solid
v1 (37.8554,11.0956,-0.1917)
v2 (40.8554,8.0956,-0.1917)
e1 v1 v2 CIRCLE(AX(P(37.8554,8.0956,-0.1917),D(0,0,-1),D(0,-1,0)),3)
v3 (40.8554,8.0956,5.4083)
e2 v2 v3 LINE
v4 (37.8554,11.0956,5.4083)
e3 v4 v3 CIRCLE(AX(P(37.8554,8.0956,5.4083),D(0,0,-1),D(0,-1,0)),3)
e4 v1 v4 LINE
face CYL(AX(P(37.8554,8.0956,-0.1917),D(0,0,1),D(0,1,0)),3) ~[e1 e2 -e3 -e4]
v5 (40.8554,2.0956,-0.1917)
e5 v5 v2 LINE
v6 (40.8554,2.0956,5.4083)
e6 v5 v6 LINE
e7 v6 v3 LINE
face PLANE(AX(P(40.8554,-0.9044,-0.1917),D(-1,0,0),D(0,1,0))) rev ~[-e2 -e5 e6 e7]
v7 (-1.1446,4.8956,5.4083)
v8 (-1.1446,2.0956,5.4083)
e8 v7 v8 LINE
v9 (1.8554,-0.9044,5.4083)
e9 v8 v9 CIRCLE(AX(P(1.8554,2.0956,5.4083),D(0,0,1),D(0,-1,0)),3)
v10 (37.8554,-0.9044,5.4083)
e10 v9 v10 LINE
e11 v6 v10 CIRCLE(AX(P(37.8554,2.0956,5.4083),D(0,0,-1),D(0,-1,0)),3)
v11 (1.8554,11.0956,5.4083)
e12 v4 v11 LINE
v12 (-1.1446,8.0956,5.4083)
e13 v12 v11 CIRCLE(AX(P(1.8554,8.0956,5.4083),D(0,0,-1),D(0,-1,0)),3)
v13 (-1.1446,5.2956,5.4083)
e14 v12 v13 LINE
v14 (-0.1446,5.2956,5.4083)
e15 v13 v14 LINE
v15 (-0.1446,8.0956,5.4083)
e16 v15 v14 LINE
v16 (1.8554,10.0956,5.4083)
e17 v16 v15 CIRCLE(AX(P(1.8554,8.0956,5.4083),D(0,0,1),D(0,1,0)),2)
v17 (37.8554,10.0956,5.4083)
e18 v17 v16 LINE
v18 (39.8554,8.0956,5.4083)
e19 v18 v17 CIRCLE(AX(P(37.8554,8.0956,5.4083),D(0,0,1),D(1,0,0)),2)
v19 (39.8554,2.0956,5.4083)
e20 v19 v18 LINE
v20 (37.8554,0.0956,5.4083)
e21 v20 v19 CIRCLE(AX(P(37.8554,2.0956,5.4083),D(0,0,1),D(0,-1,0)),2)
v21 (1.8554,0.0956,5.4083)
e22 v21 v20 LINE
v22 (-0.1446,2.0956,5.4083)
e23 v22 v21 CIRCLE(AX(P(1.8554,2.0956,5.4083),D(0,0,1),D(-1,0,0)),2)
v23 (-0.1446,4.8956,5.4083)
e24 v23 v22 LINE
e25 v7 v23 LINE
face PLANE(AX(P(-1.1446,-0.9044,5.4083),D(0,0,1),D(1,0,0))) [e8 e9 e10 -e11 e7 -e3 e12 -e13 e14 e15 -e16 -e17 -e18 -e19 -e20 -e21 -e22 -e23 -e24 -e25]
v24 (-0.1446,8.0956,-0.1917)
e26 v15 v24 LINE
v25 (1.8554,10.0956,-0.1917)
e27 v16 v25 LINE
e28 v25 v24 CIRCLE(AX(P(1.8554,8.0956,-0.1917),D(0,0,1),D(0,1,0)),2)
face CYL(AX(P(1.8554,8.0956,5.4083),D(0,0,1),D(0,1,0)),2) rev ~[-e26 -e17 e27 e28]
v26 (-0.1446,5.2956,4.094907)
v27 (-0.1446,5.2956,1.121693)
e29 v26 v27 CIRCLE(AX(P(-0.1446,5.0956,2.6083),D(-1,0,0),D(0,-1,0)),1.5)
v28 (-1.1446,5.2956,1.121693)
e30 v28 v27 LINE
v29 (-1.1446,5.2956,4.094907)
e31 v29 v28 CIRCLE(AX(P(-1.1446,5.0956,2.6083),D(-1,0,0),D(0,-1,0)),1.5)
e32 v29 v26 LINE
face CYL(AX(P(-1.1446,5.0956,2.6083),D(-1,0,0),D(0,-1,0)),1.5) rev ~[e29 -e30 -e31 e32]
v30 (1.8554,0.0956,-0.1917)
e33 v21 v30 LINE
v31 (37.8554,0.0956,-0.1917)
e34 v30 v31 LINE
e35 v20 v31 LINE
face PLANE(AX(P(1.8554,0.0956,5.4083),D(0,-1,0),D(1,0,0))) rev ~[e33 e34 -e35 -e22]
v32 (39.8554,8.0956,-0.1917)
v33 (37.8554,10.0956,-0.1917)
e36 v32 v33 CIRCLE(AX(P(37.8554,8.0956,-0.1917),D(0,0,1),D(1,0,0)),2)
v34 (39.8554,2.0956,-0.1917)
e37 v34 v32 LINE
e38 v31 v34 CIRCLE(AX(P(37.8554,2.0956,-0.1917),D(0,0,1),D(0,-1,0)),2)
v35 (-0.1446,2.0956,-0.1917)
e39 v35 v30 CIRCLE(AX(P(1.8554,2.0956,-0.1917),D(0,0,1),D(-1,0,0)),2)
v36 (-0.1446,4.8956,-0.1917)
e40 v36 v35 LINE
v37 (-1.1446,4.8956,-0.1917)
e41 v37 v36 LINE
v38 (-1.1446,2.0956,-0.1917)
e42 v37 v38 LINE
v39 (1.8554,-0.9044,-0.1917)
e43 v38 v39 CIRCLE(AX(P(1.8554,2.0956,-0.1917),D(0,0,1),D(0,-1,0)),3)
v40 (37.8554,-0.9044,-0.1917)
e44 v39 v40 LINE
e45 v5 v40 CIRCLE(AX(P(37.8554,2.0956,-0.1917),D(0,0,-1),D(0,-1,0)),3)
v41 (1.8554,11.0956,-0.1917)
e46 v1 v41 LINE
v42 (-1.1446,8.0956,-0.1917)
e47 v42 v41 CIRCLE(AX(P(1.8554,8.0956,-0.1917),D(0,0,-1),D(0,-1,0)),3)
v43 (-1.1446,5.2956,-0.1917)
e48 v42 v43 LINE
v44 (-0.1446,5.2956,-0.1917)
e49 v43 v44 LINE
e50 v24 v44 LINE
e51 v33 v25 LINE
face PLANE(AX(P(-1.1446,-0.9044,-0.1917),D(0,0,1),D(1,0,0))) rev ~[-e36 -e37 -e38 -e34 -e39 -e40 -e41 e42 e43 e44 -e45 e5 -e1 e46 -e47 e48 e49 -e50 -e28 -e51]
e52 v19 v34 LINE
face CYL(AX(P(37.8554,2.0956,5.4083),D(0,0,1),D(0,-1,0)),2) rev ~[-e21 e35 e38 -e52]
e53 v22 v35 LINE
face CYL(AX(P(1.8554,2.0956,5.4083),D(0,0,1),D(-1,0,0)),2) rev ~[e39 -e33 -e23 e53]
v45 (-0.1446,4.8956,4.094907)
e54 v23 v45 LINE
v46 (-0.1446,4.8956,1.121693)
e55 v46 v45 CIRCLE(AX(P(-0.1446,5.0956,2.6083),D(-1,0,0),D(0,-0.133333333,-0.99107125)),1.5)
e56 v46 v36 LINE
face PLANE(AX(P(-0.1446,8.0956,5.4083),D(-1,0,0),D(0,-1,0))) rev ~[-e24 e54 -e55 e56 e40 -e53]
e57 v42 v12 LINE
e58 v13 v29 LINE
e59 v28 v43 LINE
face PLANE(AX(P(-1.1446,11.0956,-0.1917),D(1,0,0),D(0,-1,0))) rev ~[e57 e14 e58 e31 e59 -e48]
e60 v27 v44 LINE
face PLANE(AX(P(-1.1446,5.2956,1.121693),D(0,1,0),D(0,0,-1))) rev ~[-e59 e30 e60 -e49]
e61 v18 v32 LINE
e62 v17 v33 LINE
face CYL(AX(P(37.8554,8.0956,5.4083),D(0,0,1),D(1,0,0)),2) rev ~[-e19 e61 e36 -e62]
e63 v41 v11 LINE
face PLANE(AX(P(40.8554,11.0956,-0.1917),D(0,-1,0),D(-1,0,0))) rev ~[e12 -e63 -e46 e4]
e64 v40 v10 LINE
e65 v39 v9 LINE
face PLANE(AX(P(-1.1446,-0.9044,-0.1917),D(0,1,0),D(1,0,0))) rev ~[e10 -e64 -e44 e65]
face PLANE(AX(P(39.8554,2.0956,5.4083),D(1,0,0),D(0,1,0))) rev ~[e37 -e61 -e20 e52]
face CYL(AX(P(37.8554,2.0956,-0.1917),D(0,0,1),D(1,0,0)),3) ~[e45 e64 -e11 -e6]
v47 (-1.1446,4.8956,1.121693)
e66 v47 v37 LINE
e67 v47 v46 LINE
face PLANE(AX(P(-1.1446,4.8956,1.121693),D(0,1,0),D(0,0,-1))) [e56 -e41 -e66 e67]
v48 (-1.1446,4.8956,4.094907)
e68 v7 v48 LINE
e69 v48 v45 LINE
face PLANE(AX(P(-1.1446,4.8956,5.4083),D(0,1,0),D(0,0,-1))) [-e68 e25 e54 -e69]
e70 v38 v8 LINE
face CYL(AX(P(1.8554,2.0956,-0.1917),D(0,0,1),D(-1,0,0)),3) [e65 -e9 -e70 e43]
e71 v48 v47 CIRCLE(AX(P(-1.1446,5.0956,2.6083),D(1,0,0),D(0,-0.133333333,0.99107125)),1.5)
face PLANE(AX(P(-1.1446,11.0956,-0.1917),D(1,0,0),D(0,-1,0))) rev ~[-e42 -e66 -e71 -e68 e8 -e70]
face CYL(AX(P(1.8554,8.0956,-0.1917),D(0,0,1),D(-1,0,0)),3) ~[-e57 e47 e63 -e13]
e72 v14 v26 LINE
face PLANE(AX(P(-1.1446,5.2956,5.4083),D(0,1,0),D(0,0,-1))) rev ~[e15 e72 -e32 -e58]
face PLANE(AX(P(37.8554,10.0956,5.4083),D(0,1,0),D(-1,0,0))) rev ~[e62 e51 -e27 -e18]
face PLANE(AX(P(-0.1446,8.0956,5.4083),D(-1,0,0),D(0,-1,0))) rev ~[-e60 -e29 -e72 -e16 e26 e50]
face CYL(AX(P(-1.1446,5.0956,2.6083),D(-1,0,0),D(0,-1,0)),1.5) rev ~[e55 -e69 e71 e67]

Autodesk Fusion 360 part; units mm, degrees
sketch "Base" plane through (0, 0, 0) normal (0, 0, 1) x (1, 0, 0) in component " Thermistor Silicon Mold"
  line L0 (0, 0) -> (42, 0)
  line L1 (42, 0) -> (42, 12)
  line L2 (42, 12) -> (0, 12)
  line L3 (0, 12) -> (0, 0)
  dimension "d1" = 42
  dimension "d2" = 12
extrude "Extrude1" add sketch "Base" along normal blind 5.6 in component " Thermistor Silicon Mold"
fillet "Fillet1" radius 3 4 edges at (0, 0, 2.8) (42, 0, 2.8) (42, 12, 2.8) (0, 12, 2.8) in component " Thermistor Silicon Mold"
sketch "Hollow" plane through (0, 0, 5.6) normal (0, 0, 1) x (-1, 0, 0) in component " Thermistor Silicon Mold"
  arc A0 (-3, -12) -> (0, -9) centre (-3, -9) ccw
  line L0 (0, -9) -> (0, -3)
  arc A1 (0, -3) -> (-3, 0) centre (-3, -3) ccw
  line L1 (-3, 0) -> (-39, 0)
  arc A2 (-39, 0) -> (-42, -3) centre (-39, -3) ccw
  line L2 (-42, -3) -> (-42, -9)
  arc A3 (-42, -9) -> (-39, -12) centre (-39, -9) ccw
  line L3 (-39, -12) -> (-3, -12)
  line L4 (-1, -9) -> (-1, -3)
  arc A4 (-1, -3) -> (-3, -1) centre (-3, -3) ccw
  line L5 (-3, -1) -> (-39, -1)
  arc A5 (-39, -1) -> (-41, -3) centre (-39, -3) ccw
  line L6 (-41, -3) -> (-41, -9)
  arc A6 (-41, -9) -> (-39, -11) centre (-39, -9) ccw
  line L7 (-39, -11) -> (-3, -11)
  arc A7 (-3, -11) -> (-1, -9) centre (-3, -9) ccw
  dimension "d7" = -1
extrude "Extrude2" cut sketch "Hollow" against normal up to surface (5.6 mm away) contours L4 A4 L5 A5 L6 A6 L7 A7 in component " Thermistor Silicon Mold"
sketch "Hole" plane through (0, 0, 0) normal (-1, 0, 0) x (0, -1, 0) in component " Thermistor Silicon Mold"
  line L0 (-9, 5.6) -> (-9, 0)
  line L1 (-9, 0) -> (-3, 0)
  line L2 (-3, 0) -> (-3, 5.6)
  line L3 (-3, 5.6) -> (-9, 5.6)
  line L4 (-6, 5.6) -> (-6, 0) construction
  line L5 (-9, 2.8) -> (-3, 2.8) construction
  circle A0 centre (-6, 2.8) radius 1.5
  dimension "d10" = 3
extrude "Extrude3" cut sketch "Hole" against normal up to surface (1 mm away) contours A0 in component " Thermistor Silicon Mold"
sketch "Cut Through" plane through (0, 0, 0) normal (-1, 0, 0) x (0, -1, 0) in component " Thermistor Silicon Mold"
  circle A0 centre (-6, 2.8) radius 1.5
  line L0 (-9, 5.6) -> (-9, 0)
  line L1 (-9, 0) -> (-3, 0)
  line L2 (-3, 0) -> (-3, 5.6)
  line L3 (-3, 5.6) -> (-9, 5.6)
  line L4 (-6, 5.6) -> (-6, 0) construction
  line L5 (-6, 5.6) -> (-6.2, 5.6)
  line L6 (-6, 5.6) -> (-5.8, 5.6)
  line L7 (-6.2, 5.6) -> (-6.2, 0)
  line L8 (-5.8, 5.6) -> (-5.8, 0)
  line L9 (-6.2, 0) -> (-5.8, 0)
  dimension "d13" = 0.2
  dimension "d14" = 0.2
extrude "Extrude4" cut sketch "Cut Through" against normal up to surface (1 mm away) contours A0 L3 L5 L6 L7 L8 | A0 L1 L7 L8 L9 in component " Thermistor Silicon Mold"
component " Thermistor Silicon Mold" placed x (1, 0, 0) y (0, 1, 0) z (0, 0, 1) at (-1.1446, -0.9044, -0.1917)
